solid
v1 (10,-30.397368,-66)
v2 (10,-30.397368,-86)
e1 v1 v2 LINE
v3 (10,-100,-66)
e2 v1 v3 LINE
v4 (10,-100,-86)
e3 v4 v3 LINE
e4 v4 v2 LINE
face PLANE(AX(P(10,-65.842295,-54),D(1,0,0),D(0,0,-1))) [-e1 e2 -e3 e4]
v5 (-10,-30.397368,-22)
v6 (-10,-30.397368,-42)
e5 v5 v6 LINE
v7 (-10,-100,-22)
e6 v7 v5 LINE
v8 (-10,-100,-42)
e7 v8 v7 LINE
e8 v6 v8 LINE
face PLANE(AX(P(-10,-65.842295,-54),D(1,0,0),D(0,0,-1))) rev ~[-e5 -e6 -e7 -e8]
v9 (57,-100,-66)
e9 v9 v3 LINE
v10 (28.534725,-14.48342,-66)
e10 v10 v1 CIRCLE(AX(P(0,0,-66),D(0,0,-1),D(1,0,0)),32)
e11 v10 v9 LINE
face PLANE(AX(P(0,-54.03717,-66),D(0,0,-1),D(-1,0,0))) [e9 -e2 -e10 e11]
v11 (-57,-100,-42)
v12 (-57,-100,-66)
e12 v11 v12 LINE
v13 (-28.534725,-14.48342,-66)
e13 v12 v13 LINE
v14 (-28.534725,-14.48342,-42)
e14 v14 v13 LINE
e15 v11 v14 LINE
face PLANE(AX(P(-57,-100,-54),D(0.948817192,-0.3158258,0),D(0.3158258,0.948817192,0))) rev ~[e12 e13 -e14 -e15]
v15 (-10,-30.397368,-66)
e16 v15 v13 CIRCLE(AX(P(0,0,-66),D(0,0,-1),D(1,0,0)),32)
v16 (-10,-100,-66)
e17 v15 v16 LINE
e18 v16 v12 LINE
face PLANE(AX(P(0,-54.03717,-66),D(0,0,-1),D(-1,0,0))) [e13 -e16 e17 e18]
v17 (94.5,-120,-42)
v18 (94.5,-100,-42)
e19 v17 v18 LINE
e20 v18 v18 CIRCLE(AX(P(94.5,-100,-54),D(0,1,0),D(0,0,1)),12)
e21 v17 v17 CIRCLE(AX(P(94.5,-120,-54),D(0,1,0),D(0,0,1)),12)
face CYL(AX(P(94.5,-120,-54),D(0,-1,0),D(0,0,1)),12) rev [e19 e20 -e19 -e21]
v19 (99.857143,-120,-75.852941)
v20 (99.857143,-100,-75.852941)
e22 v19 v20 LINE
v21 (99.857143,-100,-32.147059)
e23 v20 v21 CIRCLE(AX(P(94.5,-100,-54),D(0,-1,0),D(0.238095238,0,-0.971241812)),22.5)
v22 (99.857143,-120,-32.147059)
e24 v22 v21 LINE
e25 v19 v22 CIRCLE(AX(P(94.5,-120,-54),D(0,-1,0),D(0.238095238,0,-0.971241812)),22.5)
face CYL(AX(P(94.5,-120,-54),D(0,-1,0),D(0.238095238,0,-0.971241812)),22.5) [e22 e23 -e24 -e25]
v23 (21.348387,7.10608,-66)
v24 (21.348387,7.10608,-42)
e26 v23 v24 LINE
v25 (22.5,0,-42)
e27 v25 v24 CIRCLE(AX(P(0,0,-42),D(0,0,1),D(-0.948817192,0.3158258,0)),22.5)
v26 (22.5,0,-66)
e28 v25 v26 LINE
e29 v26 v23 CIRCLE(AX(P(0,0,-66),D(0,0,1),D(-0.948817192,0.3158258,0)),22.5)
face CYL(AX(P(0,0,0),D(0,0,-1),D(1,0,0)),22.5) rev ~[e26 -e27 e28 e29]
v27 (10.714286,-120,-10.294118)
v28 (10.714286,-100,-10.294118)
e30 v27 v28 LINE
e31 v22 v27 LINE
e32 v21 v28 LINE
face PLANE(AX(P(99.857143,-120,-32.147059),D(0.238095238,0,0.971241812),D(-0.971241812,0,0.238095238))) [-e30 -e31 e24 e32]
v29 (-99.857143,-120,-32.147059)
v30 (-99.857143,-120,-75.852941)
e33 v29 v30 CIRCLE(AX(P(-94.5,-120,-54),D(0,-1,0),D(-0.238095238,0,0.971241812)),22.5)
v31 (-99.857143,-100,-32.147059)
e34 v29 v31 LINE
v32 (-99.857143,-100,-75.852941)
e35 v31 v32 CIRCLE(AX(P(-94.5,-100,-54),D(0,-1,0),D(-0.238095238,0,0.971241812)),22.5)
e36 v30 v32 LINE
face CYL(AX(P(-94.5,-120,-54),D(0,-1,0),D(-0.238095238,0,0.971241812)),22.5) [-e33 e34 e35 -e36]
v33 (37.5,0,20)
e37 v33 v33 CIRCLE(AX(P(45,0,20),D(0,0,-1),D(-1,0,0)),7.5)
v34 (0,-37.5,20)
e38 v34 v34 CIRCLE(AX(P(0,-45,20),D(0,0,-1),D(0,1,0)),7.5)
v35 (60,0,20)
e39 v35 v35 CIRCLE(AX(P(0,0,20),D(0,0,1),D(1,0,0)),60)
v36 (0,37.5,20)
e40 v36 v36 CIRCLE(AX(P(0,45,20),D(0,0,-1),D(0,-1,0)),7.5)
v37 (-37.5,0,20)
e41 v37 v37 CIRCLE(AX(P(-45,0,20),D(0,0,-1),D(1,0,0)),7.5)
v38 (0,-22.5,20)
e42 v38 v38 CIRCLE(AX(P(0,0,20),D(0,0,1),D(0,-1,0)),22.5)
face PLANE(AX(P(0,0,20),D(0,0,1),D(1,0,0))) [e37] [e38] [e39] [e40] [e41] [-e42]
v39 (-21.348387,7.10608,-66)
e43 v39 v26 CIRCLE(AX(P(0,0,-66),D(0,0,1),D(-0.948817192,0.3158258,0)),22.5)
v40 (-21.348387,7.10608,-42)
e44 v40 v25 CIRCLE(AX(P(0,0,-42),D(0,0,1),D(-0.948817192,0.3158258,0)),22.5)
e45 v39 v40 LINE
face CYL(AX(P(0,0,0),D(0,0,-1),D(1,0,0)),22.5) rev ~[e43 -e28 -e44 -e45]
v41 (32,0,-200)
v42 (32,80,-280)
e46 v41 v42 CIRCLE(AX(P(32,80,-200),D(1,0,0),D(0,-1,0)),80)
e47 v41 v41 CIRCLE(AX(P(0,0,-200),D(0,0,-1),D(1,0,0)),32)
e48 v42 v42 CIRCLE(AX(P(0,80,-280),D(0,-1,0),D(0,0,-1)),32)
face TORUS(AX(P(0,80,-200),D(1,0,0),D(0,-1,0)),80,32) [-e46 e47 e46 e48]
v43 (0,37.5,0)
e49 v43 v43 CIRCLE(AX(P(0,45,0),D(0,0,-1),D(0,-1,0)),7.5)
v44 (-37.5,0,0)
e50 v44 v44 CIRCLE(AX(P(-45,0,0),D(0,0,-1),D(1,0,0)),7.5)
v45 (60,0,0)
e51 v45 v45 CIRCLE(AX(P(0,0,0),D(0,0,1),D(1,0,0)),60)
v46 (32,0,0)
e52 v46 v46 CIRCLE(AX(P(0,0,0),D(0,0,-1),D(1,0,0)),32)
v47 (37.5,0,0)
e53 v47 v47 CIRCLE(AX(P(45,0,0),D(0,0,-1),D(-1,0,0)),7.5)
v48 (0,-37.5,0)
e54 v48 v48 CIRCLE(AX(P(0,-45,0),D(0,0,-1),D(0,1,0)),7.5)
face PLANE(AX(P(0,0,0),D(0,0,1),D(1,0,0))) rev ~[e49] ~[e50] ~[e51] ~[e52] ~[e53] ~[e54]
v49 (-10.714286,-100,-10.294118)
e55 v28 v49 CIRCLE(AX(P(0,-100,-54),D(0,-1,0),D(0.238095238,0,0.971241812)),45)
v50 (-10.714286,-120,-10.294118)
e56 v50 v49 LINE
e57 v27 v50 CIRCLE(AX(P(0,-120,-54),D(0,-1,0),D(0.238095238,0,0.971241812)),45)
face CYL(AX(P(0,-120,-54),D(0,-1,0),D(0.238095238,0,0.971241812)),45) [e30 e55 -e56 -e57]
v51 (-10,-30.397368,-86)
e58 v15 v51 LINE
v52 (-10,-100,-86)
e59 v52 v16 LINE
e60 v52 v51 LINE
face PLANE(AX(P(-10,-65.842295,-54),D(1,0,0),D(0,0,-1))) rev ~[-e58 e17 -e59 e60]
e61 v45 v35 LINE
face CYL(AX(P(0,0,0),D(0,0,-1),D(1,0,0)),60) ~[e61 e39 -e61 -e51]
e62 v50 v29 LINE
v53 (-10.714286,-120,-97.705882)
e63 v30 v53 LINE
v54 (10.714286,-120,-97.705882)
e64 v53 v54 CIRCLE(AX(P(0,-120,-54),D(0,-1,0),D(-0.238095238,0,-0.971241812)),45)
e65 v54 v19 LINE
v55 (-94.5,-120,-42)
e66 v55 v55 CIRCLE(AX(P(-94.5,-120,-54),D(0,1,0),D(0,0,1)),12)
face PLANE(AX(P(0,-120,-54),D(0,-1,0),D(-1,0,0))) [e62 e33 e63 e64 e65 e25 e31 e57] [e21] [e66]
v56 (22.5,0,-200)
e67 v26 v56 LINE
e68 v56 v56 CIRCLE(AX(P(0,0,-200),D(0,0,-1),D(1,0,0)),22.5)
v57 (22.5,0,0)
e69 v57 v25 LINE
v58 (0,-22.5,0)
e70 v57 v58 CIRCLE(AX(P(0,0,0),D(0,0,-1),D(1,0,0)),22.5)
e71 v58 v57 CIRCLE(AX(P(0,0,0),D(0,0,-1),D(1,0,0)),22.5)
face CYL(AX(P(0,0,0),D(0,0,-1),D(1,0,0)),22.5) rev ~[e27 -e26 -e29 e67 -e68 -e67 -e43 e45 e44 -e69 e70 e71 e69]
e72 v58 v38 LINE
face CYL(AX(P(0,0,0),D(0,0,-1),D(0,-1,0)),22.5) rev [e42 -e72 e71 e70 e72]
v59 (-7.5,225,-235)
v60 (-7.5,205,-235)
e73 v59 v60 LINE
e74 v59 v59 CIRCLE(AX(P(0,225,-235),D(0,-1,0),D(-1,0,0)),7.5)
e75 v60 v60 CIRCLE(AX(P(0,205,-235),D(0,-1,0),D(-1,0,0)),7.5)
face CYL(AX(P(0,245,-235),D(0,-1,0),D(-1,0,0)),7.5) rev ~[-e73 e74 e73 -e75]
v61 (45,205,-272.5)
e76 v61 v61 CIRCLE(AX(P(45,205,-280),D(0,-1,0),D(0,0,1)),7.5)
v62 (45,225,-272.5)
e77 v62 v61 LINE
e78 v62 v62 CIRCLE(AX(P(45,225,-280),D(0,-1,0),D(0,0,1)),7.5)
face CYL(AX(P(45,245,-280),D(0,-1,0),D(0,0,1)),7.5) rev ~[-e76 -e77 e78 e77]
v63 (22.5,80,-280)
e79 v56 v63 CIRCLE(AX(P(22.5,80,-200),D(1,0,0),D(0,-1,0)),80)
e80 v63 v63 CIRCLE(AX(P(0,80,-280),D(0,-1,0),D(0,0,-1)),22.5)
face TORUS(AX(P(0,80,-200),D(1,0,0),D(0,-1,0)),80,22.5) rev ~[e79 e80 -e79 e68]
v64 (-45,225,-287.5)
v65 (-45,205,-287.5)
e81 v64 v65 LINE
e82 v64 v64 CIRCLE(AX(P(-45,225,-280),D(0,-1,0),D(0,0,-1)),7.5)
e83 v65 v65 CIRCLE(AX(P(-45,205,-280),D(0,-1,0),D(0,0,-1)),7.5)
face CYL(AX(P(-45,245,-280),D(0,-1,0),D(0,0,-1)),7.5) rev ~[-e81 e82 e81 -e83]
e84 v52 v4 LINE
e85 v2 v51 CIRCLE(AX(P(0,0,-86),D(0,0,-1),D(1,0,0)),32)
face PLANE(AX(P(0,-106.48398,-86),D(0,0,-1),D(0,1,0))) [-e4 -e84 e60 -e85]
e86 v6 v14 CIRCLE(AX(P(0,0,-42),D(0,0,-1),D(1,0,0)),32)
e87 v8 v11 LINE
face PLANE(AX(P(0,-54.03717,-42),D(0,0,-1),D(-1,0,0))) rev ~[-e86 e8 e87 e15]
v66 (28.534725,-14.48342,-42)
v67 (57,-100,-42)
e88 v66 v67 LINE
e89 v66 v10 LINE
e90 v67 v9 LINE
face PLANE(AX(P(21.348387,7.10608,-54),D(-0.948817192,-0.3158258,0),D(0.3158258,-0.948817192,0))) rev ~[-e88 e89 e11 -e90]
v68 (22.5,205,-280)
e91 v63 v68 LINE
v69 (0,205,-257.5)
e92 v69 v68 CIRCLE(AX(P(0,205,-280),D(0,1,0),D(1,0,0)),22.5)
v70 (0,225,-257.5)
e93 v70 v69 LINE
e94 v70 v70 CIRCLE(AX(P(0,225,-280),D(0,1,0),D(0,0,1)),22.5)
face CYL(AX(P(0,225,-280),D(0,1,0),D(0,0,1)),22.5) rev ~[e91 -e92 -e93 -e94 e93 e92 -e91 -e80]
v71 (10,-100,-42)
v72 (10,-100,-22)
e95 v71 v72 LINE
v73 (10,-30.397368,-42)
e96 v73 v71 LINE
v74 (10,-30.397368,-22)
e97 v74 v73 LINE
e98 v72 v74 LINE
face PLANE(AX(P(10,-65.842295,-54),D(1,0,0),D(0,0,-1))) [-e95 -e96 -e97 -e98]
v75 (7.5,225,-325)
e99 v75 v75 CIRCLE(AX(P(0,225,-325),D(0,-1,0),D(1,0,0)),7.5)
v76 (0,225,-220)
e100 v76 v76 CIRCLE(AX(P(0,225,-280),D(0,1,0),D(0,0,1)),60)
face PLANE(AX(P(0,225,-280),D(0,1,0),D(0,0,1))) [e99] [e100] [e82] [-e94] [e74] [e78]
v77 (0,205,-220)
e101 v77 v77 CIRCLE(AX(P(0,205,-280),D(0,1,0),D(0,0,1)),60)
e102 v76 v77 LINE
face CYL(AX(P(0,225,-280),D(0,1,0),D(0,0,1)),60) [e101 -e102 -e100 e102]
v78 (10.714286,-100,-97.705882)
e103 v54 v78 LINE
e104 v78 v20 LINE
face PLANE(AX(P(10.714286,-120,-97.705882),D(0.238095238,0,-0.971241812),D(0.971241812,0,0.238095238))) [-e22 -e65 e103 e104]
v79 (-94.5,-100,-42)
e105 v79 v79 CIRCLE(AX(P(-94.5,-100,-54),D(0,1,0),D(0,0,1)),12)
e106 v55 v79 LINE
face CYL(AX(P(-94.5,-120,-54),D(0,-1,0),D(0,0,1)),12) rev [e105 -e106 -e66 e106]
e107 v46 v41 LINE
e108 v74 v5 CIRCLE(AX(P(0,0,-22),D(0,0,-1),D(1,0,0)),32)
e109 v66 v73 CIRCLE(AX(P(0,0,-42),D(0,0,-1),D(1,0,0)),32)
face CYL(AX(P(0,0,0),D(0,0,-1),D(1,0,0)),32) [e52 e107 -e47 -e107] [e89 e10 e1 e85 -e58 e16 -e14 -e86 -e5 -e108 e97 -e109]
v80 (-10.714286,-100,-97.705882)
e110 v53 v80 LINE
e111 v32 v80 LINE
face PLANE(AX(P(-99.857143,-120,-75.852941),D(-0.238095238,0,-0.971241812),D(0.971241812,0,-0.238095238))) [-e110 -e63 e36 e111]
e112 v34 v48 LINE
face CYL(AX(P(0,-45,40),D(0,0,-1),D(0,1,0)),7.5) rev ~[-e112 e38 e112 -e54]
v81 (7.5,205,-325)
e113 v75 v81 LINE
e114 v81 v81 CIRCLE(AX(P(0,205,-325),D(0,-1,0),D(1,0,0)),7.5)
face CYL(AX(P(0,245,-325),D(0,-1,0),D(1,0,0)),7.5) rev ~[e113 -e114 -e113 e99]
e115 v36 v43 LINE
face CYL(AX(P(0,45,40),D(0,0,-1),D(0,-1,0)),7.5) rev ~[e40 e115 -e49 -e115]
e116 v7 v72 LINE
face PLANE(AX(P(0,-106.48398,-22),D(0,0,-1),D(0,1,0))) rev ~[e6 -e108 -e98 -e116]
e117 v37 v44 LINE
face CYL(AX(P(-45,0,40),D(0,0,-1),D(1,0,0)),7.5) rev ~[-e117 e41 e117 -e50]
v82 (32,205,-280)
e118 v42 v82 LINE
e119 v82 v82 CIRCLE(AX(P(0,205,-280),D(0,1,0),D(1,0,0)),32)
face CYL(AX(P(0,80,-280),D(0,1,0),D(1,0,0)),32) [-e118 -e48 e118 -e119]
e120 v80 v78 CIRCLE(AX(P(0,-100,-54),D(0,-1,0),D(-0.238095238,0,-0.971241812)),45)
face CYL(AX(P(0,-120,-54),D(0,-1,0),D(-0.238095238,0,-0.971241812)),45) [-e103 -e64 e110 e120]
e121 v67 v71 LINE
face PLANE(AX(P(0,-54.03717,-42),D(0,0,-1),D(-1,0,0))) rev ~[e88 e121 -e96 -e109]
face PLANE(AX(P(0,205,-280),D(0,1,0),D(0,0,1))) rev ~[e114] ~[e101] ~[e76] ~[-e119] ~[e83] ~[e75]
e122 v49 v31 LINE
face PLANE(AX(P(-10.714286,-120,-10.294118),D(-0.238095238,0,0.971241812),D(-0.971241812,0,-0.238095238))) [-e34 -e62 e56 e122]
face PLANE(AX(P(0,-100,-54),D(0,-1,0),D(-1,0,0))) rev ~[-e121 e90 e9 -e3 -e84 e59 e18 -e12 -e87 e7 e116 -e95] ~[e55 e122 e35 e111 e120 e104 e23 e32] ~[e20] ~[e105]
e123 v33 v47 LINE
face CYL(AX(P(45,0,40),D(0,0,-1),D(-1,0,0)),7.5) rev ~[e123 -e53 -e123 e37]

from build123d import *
from build123d.topology import SkipClean

# Parameters (mm, degrees)
SKETCH1_R           = 32
SKETCH1_R_2         = 22.5
SKETCH3_R           = 60
SKETCH3_R_2         = 22.5
BOSS_EXTRUDE1_DEPTH = 20
BOSS_EXTRUDE2_START = 20
SKETCH4_R           = 60
SKETCH4_R_2         = 22.5
BOSS_EXTRUDE2_DEPTH = 20
HOLE1_D             = 15
HOLE1_DEPTH         = 20
CIRPATTERN1_COUNT   = 4
HOLE2_D             = 15
HOLE2_DEPTH         = 20
CIRPATTERN2_COUNT   = 4
SKETCH12_R          = 12
BOSS_EXTRUDE3_DEPTH = 20
BOSS_EXTRUDE4_DEPTH = 12
SKETCH21_W          = 64
SKETCH21_H          = 81.283369249
BOSS_EXTRUDE5_DEPTH = 10


with BuildPart() as part:
    # Sweep1: sweep along a path in Sketch2
    with BuildLine(Plane(origin=(0, 0, 0), x_dir=(0, 0, -1), z_dir=(1, 0, 0))) as sweep1_path:
        Line((0, 0), (200, 0))
        ThreePointArc((200, 0), (256.568542495, 23.431457505), (280, 80))
        Line((280, 80), (280, 205))
    # Sketch1 → Sweep1 (sweep)
    with BuildSketch(Plane.XY):
        Circle(SKETCH1_R)
        Circle(SKETCH1_R_2, mode=Mode.SUBTRACT)
    sweep(path=sweep1_path.line)

    # Sketch3 → Boss-Extrude1 (add)
    with SkipClean():  # the faces are left unmerged after this step: merging them gives an invalid solid
        with BuildSketch(Plane.XY):
            Circle(SKETCH3_R)
            with Locations(Location((0, 0, 0), (0, 0, 270))):
                Circle(SKETCH3_R_2, mode=Mode.SUBTRACT)
        extrude(amount=BOSS_EXTRUDE1_DEPTH)

    # Sketch4 → Boss-Extrude2 (add)
    with SkipClean():  # the faces are left unmerged after this step: merging them gives an invalid solid
        with BuildSketch(Plane(origin=(0, 205, 0), x_dir=(1, 0, 0), z_dir=(0, 1, 0)).offset(BOSS_EXTRUDE2_START)):
            with Locations(Location((0, 280, 0), (0, 0, 270))):
                Circle(SKETCH4_R)
            with Locations(Location((0, 280, 0), (0, 0, 270))):
                Circle(SKETCH4_R_2, mode=Mode.SUBTRACT)
        extrude(amount=-BOSS_EXTRUDE2_DEPTH)

    # Hole1
    with Locations(Plane.XY.offset(20)):
        with Locations((45, 0)):
            hole1 = Hole(HOLE1_D / 2, depth=HOLE1_DEPTH)

    # CirPattern1: Hole1 ×4 about axis
    with SkipClean():  # the faces are left unmerged after this step: merging them gives an invalid solid
        cirpattern1_axis = Axis((0, 0, 0), (0, 0, 1))
        for i in range(1, CIRPATTERN1_COUNT):
            add(hole1.rotate(cirpattern1_axis, i * 360 / CIRPATTERN1_COUNT), mode=Mode.SUBTRACT)

    # Hole2
    with Locations(Plane(origin=(0, 225, 0), x_dir=(1, 0, 0), z_dir=(0, 1, 0))):
        with Locations((0, 235)):
            hole2 = Hole(HOLE2_D / 2, depth=HOLE2_DEPTH)

    # CirPattern2: Hole2 ×4 about axis
    with SkipClean():  # the faces are left unmerged after this step: merging them gives an invalid solid
        cirpattern2_axis = Axis((0, 0, -280), (0, 1, 0))
        for i in range(1, CIRPATTERN2_COUNT):
            add(hole2.rotate(cirpattern2_axis, i * 360 / CIRPATTERN2_COUNT), mode=Mode.SUBTRACT)



with BuildPart() as body_2:
    # Sketch12 → Boss-Extrude3 (new body)
    with BuildSketch(Plane(origin=(0, -120, 0), x_dir=(1, 0, 0), z_dir=(0, 1, 0))):
        with BuildLine():
            Line((10.714285714, 97.705881545), (99.857142857, 75.852940773))
            ThreePointArc((99.857142857, 75.852940773), (117, 54), (99.857142857, 32.147059227))
            Line((99.857142857, 32.147059227), (10.714285714, 10.294118455))
            ThreePointArc((10.714285714, 10.294118455), (0, 9), (-10.714285714, 10.294118455))
            Line((-10.714285714, 10.294118455), (-99.857142857, 32.147059227))
            ThreePointArc((-99.857142857, 32.147059227), (-117, 54), (-99.857142857, 75.852940773))
            Line((-99.857142857, 75.852940773), (-10.714285714, 97.705881545))
            ThreePointArc((-10.714285714, 97.705881545), (0, 99), (10.714285714, 97.705881545))
        make_face()
        with Locations(Location((-94.5, 54, 0), (0, 0, 270))):
            Circle(SKETCH12_R, mode=Mode.SUBTRACT)
        with Locations(Location((94.5, 54, 0), (0, 0, 270))):
            Circle(SKETCH12_R, mode=Mode.SUBTRACT)
    extrude(amount=BOSS_EXTRUDE3_DEPTH)


with BuildPart() as part_1:
    with SkipClean():  # the faces are left unmerged after this step: merging them gives an invalid solid
        add(part.part)

        add(body_2.part)  # Boss-Extrude4 merges body 2
        # Sketch19 → Boss-Extrude4 (add, symmetric)
        with BuildSketch(Plane.XY.offset(-54)):
            with BuildLine():
                Line((21.348386826, 7.106080491), (57, -100))
                Line((57, -100), (-57, -100))
                Line((-57, -100), (-21.348386826, 7.106080491))
                ThreePointArc((-21.348386826, 7.106080491), (0, -22.5), (21.348386826, 7.106080491))
            make_face()
        extrude(amount=BOSS_EXTRUDE4_DEPTH, both=True)

    # Sketch21 → Boss-Extrude5 (add, symmetric)
    with SkipClean():  # the faces are left unmerged after this step: merging them gives an invalid solid
        with BuildSketch(Plane(origin=(0, 0, 0), x_dir=(0, 0, -1), z_dir=(1, 0, 0))):
            with Locations((54, -65.842294917)):
                Rectangle(SKETCH21_W, SKETCH21_H)
        extrude(amount=BOSS_EXTRUDE5_DEPTH, both=True)


solid = part_1.part
